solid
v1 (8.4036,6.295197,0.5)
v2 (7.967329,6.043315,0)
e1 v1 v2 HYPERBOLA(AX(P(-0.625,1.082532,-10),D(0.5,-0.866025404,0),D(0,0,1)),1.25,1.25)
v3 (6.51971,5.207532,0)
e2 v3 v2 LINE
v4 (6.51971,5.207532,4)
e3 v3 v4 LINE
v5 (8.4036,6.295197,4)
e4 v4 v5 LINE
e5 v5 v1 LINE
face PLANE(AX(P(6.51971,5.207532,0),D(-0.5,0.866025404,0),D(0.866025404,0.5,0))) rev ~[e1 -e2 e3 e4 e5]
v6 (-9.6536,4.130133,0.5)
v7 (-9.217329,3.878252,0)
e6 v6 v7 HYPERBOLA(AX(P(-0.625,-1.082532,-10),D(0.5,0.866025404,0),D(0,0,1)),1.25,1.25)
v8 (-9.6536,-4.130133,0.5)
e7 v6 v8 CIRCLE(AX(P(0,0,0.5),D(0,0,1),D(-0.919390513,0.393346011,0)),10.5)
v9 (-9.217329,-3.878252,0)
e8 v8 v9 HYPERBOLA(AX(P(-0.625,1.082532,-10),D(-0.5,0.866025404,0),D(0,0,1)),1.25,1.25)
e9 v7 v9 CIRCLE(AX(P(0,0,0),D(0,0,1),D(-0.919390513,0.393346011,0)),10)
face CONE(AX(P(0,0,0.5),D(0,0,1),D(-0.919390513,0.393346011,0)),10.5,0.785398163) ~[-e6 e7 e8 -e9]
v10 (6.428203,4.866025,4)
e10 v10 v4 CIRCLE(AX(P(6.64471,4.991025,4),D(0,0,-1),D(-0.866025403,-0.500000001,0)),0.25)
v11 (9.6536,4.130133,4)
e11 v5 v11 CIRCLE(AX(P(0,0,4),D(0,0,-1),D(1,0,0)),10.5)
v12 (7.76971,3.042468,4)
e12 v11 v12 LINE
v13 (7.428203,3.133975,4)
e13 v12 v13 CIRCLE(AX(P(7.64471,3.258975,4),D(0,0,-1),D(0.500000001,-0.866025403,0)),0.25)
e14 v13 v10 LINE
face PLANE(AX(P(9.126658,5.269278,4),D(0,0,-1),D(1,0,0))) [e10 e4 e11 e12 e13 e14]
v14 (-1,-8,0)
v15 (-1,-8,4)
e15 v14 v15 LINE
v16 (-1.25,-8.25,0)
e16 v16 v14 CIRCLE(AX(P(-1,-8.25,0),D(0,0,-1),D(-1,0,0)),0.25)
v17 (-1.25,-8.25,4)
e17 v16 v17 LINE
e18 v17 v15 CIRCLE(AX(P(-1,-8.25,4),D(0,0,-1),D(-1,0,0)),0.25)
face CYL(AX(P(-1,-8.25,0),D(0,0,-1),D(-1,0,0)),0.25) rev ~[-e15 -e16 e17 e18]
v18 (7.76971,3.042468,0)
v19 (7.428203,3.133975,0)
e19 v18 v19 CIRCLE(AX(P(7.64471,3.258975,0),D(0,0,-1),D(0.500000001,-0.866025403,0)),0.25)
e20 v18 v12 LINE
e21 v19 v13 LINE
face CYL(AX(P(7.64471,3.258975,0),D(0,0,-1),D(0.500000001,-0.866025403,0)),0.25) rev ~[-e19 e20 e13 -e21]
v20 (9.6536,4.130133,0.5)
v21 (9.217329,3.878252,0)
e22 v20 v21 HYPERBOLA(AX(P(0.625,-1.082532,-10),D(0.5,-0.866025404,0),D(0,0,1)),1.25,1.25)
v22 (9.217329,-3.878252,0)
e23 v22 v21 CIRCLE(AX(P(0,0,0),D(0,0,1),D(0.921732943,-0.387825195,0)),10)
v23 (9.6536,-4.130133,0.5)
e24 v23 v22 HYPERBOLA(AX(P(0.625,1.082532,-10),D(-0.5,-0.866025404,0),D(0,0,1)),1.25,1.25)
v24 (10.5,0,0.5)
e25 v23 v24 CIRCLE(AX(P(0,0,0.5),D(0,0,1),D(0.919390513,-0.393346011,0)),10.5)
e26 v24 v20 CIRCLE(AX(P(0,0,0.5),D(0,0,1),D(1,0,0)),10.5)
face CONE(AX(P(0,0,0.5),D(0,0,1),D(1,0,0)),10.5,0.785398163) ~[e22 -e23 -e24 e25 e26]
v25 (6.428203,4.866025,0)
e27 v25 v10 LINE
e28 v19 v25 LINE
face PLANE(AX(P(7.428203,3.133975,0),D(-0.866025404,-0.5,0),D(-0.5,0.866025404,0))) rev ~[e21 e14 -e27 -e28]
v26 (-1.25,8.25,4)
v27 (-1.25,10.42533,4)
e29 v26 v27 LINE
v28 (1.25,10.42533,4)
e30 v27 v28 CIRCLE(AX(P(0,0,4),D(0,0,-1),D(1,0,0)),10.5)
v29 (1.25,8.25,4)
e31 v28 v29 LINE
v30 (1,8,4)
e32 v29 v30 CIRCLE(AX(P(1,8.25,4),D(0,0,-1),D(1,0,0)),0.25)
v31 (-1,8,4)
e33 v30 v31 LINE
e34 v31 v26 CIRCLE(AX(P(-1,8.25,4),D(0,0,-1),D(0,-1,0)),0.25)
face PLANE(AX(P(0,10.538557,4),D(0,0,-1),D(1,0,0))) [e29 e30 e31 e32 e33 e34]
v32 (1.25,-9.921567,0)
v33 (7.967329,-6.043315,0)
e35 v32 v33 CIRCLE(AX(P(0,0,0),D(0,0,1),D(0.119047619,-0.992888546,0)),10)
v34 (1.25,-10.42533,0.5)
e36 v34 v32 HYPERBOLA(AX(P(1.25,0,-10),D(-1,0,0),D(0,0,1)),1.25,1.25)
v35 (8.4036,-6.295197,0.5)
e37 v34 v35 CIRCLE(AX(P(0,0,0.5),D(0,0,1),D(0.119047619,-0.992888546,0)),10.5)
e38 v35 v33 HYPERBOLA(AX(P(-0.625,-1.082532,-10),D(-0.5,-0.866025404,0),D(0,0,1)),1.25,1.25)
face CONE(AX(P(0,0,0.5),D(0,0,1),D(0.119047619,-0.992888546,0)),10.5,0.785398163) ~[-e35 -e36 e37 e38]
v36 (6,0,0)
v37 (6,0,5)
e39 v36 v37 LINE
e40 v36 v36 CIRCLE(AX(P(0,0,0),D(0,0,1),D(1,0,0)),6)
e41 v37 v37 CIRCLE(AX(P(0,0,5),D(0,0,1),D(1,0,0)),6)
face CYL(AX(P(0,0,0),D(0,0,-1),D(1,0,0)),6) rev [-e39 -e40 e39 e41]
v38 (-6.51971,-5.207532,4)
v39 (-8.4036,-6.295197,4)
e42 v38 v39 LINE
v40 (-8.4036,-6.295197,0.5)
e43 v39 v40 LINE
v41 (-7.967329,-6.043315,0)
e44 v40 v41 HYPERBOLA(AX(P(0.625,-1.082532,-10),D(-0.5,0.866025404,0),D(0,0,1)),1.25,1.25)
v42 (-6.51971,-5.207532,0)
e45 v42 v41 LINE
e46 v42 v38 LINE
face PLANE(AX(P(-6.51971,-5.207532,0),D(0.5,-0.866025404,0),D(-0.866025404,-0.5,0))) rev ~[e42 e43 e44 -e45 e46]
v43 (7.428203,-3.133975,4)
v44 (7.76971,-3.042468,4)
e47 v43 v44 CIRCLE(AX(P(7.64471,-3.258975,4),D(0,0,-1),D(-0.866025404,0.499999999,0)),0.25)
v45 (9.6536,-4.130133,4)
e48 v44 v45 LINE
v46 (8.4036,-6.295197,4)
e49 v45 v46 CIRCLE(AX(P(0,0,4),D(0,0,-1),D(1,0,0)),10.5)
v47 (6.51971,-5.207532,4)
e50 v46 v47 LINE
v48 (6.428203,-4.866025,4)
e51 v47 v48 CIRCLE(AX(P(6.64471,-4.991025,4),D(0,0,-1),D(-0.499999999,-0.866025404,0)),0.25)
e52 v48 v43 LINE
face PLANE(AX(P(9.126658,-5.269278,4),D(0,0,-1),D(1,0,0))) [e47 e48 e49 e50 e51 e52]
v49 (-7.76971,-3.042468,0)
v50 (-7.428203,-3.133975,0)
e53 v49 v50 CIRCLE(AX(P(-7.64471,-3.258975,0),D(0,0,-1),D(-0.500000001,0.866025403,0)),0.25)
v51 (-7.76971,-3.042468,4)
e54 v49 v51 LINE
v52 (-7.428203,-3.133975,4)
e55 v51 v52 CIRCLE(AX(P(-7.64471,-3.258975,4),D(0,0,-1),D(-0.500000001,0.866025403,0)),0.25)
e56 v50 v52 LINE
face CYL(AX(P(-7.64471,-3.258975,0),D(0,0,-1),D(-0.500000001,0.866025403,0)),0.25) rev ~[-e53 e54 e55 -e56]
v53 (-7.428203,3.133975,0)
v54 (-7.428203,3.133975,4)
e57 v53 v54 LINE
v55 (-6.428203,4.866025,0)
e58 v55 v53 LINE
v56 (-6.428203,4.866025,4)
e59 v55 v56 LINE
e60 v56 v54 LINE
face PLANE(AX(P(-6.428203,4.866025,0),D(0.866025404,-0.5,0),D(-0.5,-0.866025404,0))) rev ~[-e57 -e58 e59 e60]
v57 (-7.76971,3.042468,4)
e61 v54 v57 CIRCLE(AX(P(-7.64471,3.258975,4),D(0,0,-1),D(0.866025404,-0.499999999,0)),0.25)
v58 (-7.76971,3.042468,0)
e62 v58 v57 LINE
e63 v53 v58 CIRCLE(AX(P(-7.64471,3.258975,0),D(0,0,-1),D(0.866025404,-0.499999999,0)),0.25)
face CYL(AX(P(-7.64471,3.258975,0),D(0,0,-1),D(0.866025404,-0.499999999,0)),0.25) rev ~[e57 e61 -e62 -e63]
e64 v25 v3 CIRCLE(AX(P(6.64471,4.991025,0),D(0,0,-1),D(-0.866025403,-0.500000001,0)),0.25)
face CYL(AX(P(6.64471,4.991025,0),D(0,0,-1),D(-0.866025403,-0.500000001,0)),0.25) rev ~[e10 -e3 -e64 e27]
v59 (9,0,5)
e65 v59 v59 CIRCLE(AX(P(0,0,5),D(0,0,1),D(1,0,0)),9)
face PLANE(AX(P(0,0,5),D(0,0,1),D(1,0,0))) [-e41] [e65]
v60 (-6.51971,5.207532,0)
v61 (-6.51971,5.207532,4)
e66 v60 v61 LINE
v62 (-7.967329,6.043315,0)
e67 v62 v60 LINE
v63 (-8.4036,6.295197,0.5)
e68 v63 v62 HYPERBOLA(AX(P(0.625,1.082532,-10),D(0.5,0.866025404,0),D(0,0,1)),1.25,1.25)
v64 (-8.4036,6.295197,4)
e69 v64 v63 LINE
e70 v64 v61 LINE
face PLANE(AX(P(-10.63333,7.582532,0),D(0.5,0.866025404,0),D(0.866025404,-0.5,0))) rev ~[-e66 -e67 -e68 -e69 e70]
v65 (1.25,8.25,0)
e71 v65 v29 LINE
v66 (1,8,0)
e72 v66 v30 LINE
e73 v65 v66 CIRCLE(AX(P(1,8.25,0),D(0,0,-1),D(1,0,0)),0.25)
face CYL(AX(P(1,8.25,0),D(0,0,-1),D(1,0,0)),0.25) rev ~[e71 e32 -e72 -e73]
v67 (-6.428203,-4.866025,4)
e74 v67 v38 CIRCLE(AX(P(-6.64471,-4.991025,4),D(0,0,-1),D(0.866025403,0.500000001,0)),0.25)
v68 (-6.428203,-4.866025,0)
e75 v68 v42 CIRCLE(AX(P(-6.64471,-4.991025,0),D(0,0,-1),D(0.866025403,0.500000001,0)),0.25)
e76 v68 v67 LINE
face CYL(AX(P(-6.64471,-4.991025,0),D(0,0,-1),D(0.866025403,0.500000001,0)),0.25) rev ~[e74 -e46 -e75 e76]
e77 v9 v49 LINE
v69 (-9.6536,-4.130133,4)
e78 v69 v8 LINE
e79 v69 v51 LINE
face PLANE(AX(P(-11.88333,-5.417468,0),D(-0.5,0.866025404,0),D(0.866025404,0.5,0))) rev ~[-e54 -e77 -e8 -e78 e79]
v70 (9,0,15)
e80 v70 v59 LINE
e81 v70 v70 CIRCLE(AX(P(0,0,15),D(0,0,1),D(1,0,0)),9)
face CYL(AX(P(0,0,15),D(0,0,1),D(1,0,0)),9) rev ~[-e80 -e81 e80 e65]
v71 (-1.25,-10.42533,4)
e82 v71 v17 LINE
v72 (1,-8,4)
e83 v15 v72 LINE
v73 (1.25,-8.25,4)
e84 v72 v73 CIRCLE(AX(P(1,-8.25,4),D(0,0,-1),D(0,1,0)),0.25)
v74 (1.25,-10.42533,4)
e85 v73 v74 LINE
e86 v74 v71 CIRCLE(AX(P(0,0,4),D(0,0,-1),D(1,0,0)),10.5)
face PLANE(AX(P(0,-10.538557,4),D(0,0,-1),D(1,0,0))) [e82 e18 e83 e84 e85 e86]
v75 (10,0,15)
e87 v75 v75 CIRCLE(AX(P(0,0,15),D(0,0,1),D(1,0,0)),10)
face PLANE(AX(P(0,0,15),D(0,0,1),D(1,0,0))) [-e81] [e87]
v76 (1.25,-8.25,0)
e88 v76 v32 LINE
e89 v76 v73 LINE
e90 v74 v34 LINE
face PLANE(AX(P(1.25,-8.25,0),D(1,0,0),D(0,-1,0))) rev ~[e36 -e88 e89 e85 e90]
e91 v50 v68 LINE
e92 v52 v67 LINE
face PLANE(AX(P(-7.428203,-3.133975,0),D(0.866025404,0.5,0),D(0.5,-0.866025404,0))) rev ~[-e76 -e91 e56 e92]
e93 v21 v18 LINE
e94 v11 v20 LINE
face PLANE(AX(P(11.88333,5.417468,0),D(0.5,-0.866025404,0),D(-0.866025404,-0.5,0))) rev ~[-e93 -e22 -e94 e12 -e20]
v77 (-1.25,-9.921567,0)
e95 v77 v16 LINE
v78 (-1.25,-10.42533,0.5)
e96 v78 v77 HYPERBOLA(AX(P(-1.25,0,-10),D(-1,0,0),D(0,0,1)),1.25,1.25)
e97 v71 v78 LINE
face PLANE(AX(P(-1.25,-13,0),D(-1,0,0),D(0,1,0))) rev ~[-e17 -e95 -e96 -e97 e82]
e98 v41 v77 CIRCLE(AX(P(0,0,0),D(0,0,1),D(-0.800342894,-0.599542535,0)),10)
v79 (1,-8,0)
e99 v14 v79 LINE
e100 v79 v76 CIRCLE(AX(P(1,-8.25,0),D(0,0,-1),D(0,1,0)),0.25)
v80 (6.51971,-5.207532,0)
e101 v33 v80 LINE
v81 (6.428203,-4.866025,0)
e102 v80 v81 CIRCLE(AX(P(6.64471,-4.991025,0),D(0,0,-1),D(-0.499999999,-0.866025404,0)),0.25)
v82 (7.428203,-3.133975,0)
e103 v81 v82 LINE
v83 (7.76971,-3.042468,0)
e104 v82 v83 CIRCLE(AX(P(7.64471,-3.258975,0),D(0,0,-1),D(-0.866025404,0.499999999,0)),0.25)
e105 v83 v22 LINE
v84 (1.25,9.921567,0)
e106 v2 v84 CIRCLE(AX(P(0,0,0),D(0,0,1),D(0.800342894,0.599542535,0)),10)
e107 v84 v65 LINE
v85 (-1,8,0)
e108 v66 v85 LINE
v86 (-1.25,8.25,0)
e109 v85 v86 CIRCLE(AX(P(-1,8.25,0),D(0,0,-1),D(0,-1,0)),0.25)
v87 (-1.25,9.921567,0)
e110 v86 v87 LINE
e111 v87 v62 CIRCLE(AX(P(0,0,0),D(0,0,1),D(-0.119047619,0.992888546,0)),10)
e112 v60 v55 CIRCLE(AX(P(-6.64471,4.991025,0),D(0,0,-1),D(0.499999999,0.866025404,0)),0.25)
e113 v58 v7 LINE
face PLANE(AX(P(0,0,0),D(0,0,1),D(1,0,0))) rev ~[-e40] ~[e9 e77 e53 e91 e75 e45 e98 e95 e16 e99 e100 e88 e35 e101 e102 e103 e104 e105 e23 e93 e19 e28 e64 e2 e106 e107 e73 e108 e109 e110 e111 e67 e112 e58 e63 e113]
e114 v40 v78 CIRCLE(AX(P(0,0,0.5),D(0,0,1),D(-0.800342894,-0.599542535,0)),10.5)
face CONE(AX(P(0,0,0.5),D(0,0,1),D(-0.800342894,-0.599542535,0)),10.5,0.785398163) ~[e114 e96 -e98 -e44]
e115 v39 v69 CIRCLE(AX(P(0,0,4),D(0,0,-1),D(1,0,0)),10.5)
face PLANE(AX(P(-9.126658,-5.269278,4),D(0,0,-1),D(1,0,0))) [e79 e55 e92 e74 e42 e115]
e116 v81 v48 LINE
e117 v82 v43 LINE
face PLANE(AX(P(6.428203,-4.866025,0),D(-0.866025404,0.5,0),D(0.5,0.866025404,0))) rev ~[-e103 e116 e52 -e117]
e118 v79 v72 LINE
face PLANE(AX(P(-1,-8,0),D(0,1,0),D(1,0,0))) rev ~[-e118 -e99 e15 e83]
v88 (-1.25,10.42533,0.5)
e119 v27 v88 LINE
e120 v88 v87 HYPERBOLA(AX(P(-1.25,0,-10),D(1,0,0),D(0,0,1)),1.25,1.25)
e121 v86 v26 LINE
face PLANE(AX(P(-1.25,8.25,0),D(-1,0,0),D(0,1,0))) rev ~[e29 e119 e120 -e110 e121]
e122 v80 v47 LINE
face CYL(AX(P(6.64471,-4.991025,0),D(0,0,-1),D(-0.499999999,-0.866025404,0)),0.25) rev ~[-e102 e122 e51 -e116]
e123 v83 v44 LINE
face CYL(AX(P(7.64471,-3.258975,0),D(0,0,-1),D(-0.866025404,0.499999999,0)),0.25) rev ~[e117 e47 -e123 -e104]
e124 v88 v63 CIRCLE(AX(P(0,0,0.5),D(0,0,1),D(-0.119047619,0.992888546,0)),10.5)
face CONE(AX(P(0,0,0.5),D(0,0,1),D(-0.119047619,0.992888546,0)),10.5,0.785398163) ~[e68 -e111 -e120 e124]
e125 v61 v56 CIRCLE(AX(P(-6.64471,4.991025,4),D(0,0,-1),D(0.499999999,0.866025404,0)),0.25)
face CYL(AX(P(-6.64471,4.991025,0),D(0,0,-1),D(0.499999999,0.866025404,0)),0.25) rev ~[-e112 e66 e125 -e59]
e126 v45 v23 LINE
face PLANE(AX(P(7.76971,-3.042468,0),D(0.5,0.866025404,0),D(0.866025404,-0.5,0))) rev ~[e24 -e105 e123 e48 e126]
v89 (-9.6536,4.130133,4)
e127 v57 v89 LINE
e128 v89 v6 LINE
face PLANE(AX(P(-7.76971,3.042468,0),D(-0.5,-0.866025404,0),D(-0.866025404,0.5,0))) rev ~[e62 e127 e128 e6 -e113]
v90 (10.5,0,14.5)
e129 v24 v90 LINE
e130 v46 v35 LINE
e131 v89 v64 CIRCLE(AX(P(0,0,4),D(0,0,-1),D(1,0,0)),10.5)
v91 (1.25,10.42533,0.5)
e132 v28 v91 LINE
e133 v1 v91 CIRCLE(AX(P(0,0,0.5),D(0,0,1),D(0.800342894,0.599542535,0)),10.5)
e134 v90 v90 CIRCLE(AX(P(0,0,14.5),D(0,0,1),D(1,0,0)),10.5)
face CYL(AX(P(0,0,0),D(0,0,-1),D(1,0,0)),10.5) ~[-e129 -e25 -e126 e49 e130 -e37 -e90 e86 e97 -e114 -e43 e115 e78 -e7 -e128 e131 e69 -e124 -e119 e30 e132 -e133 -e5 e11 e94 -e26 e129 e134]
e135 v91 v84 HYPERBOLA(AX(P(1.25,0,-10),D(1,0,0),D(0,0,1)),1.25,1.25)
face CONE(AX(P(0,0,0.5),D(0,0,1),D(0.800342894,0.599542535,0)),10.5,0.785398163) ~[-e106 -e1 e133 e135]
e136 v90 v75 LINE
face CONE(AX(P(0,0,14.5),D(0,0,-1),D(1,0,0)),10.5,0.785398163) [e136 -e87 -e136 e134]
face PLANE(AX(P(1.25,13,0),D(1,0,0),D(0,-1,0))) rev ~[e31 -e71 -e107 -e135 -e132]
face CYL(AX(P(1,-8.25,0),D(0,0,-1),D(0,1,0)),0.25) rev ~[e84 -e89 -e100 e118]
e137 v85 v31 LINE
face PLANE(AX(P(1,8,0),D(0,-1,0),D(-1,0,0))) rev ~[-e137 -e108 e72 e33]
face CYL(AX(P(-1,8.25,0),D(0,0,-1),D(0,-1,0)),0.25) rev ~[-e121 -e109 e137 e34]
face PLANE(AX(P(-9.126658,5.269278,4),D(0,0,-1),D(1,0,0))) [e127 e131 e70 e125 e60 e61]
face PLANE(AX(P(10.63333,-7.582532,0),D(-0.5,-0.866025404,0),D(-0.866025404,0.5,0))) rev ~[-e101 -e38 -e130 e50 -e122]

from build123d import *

# Parameters (mm, degrees)
F0_R     = 10.5
F0_R_2   = 6
F1_DEPTH = 15
F2_R     = 9
F2_R_2   = 6
F3_DEPTH = 10
F5_DEPTH = 4
F6_SIZE  = 0.5
F7_SIZE  = 0.5


with BuildPart() as f1:
    # F0 (on Top) → F1 (new body)
    with BuildSketch(Plane.XY):
        Circle(F0_R)
        Circle(F0_R_2, mode=Mode.SUBTRACT)
    extrude(amount=F1_DEPTH)

    # F2 (on face) → F3 (cut)
    with BuildSketch(Plane.XY.offset(15)):
        Circle(F2_R)
        Circle(F2_R_2, mode=Mode.SUBTRACT)
    extrude(amount=-F3_DEPTH, mode=Mode.SUBTRACT)

    # F4 (on face) → F5 (cut)
    with BuildSketch(Plane(origin=(0, 0, 0), x_dir=(1, 0, 0), z_dir=(0, 0, -1))):
        with BuildLine():
            Line((1.25, 8.25), (1.25, 13))
            Line((1.25, 13), (-1.25, 13))
            Line((-1.25, 13), (-1.25, 8.25))
            ThreePointArc((-1.25, 8.25), (-1.1767766953, 8.0732233047), (-1, 8))
            Line((-1, 8), (1, 8))
            ThreePointArc((1, 8), (1.1767766953, 8.0732233047), (1.25, 8.25))
        make_face()
        with BuildLine():
            Line((-6.5197095812, 5.2075317547), (-10.6333302492, 7.5825317547))
            Line((-10.6333302492, 7.5825317547), (-11.8833302492, 5.4174682453))
            Line((-11.8833302492, 5.4174682453), (-7.7697095812, 3.0424682453))
            ThreePointArc((-7.7697095812, 3.0424682453), (-7.5800048199, 3.0174931396), (-7.4282032303, 3.1339745962))
            Line((-7.4282032303, 3.1339745962), (-6.4282032303, 4.8660254038))
            ThreePointArc((-6.4282032303, 4.8660254038), (-6.4032281246, 5.0557301651), (-6.5197095812, 5.2075317547))
        make_face()
        with BuildLine():
            Line((-7.7697095812, -3.0424682453), (-11.8833302492, -5.4174682453))
            Line((-11.8833302492, -5.4174682453), (-10.6333302492, -7.5825317547))
            Line((-10.6333302492, -7.5825317547), (-6.5197095812, -5.2075317547))
            ThreePointArc((-6.5197095812, -5.2075317547), (-6.4032281246, -5.0557301651), (-6.4282032303, -4.8660254038))
            Line((-6.4282032303, -4.8660254038), (-7.4282032303, -3.1339745962))
            ThreePointArc((-7.4282032303, -3.1339745962), (-7.5800048199, -3.0174931396), (-7.7697095812, -3.0424682453))
        make_face()
        with BuildLine():
            Line((-1.25, -8.25), (-1.25, -13))
            Line((-1.25, -13), (1.25, -13))
            Line((1.25, -13), (1.25, -8.25))
            ThreePointArc((1.25, -8.25), (1.1767766953, -8.0732233047), (1, -8))
            Line((1, -8), (-1, -8))
            ThreePointArc((-1, -8), (-1.1767766953, -8.0732233047), (-1.25, -8.25))
        make_face()
        with BuildLine():
            Line((6.5197095812, -5.2075317547), (10.6333302492, -7.5825317547))
            Line((10.6333302492, -7.5825317547), (11.8833302492, -5.4174682453))
            Line((11.8833302492, -5.4174682453), (7.7697095812, -3.0424682453))
            ThreePointArc((7.7697095812, -3.0424682453), (7.5800048199, -3.0174931396), (7.4282032303, -3.1339745962))
            Line((7.4282032303, -3.1339745962), (6.4282032303, -4.8660254038))
            ThreePointArc((6.4282032303, -4.8660254038), (6.4032281246, -5.0557301651), (6.5197095812, -5.2075317547))
        make_face()
        with BuildLine():
            Line((7.7697095812, 3.0424682453), (11.8833302492, 5.4174682453))
            Line((11.8833302492, 5.4174682453), (10.6333302492, 7.5825317547))
            Line((10.6333302492, 7.5825317547), (6.5197095812, 5.2075317547))
            ThreePointArc((6.5197095812, 5.2075317547), (6.4032281246, 5.0557301651), (6.4282032303, 4.8660254038))
            Line((6.4282032303, 4.8660254038), (7.4282032303, 3.1339745962))
            ThreePointArc((7.4282032303, 3.1339745962), (7.5800048199, 3.0174931396), (7.7697095812, 3.0424682453))
        make_face()
    extrude(amount=-F5_DEPTH, mode=Mode.SUBTRACT)

    # F6
    f6_edges = [f1.edges().sort_by_distance(p)[0] for p in [
        (-5.25, -9.093267, 0),
        (5.25, -9.093267, 0),
        (10.286224, 2.107984, 0),
        (5.25, 9.093267, 0),
        (-5.25, 9.093267, 0),
        (-10.5, 0, 0),
    ]]
    chamfer(f6_edges, length=F6_SIZE)

    # F7
    f7_edges = [f1.edges().sort_by_distance(p)[0] for p in [
        (-10.5, 0, 15),
    ]]
    chamfer(f7_edges, length=F7_SIZE)


solid = f1.part
